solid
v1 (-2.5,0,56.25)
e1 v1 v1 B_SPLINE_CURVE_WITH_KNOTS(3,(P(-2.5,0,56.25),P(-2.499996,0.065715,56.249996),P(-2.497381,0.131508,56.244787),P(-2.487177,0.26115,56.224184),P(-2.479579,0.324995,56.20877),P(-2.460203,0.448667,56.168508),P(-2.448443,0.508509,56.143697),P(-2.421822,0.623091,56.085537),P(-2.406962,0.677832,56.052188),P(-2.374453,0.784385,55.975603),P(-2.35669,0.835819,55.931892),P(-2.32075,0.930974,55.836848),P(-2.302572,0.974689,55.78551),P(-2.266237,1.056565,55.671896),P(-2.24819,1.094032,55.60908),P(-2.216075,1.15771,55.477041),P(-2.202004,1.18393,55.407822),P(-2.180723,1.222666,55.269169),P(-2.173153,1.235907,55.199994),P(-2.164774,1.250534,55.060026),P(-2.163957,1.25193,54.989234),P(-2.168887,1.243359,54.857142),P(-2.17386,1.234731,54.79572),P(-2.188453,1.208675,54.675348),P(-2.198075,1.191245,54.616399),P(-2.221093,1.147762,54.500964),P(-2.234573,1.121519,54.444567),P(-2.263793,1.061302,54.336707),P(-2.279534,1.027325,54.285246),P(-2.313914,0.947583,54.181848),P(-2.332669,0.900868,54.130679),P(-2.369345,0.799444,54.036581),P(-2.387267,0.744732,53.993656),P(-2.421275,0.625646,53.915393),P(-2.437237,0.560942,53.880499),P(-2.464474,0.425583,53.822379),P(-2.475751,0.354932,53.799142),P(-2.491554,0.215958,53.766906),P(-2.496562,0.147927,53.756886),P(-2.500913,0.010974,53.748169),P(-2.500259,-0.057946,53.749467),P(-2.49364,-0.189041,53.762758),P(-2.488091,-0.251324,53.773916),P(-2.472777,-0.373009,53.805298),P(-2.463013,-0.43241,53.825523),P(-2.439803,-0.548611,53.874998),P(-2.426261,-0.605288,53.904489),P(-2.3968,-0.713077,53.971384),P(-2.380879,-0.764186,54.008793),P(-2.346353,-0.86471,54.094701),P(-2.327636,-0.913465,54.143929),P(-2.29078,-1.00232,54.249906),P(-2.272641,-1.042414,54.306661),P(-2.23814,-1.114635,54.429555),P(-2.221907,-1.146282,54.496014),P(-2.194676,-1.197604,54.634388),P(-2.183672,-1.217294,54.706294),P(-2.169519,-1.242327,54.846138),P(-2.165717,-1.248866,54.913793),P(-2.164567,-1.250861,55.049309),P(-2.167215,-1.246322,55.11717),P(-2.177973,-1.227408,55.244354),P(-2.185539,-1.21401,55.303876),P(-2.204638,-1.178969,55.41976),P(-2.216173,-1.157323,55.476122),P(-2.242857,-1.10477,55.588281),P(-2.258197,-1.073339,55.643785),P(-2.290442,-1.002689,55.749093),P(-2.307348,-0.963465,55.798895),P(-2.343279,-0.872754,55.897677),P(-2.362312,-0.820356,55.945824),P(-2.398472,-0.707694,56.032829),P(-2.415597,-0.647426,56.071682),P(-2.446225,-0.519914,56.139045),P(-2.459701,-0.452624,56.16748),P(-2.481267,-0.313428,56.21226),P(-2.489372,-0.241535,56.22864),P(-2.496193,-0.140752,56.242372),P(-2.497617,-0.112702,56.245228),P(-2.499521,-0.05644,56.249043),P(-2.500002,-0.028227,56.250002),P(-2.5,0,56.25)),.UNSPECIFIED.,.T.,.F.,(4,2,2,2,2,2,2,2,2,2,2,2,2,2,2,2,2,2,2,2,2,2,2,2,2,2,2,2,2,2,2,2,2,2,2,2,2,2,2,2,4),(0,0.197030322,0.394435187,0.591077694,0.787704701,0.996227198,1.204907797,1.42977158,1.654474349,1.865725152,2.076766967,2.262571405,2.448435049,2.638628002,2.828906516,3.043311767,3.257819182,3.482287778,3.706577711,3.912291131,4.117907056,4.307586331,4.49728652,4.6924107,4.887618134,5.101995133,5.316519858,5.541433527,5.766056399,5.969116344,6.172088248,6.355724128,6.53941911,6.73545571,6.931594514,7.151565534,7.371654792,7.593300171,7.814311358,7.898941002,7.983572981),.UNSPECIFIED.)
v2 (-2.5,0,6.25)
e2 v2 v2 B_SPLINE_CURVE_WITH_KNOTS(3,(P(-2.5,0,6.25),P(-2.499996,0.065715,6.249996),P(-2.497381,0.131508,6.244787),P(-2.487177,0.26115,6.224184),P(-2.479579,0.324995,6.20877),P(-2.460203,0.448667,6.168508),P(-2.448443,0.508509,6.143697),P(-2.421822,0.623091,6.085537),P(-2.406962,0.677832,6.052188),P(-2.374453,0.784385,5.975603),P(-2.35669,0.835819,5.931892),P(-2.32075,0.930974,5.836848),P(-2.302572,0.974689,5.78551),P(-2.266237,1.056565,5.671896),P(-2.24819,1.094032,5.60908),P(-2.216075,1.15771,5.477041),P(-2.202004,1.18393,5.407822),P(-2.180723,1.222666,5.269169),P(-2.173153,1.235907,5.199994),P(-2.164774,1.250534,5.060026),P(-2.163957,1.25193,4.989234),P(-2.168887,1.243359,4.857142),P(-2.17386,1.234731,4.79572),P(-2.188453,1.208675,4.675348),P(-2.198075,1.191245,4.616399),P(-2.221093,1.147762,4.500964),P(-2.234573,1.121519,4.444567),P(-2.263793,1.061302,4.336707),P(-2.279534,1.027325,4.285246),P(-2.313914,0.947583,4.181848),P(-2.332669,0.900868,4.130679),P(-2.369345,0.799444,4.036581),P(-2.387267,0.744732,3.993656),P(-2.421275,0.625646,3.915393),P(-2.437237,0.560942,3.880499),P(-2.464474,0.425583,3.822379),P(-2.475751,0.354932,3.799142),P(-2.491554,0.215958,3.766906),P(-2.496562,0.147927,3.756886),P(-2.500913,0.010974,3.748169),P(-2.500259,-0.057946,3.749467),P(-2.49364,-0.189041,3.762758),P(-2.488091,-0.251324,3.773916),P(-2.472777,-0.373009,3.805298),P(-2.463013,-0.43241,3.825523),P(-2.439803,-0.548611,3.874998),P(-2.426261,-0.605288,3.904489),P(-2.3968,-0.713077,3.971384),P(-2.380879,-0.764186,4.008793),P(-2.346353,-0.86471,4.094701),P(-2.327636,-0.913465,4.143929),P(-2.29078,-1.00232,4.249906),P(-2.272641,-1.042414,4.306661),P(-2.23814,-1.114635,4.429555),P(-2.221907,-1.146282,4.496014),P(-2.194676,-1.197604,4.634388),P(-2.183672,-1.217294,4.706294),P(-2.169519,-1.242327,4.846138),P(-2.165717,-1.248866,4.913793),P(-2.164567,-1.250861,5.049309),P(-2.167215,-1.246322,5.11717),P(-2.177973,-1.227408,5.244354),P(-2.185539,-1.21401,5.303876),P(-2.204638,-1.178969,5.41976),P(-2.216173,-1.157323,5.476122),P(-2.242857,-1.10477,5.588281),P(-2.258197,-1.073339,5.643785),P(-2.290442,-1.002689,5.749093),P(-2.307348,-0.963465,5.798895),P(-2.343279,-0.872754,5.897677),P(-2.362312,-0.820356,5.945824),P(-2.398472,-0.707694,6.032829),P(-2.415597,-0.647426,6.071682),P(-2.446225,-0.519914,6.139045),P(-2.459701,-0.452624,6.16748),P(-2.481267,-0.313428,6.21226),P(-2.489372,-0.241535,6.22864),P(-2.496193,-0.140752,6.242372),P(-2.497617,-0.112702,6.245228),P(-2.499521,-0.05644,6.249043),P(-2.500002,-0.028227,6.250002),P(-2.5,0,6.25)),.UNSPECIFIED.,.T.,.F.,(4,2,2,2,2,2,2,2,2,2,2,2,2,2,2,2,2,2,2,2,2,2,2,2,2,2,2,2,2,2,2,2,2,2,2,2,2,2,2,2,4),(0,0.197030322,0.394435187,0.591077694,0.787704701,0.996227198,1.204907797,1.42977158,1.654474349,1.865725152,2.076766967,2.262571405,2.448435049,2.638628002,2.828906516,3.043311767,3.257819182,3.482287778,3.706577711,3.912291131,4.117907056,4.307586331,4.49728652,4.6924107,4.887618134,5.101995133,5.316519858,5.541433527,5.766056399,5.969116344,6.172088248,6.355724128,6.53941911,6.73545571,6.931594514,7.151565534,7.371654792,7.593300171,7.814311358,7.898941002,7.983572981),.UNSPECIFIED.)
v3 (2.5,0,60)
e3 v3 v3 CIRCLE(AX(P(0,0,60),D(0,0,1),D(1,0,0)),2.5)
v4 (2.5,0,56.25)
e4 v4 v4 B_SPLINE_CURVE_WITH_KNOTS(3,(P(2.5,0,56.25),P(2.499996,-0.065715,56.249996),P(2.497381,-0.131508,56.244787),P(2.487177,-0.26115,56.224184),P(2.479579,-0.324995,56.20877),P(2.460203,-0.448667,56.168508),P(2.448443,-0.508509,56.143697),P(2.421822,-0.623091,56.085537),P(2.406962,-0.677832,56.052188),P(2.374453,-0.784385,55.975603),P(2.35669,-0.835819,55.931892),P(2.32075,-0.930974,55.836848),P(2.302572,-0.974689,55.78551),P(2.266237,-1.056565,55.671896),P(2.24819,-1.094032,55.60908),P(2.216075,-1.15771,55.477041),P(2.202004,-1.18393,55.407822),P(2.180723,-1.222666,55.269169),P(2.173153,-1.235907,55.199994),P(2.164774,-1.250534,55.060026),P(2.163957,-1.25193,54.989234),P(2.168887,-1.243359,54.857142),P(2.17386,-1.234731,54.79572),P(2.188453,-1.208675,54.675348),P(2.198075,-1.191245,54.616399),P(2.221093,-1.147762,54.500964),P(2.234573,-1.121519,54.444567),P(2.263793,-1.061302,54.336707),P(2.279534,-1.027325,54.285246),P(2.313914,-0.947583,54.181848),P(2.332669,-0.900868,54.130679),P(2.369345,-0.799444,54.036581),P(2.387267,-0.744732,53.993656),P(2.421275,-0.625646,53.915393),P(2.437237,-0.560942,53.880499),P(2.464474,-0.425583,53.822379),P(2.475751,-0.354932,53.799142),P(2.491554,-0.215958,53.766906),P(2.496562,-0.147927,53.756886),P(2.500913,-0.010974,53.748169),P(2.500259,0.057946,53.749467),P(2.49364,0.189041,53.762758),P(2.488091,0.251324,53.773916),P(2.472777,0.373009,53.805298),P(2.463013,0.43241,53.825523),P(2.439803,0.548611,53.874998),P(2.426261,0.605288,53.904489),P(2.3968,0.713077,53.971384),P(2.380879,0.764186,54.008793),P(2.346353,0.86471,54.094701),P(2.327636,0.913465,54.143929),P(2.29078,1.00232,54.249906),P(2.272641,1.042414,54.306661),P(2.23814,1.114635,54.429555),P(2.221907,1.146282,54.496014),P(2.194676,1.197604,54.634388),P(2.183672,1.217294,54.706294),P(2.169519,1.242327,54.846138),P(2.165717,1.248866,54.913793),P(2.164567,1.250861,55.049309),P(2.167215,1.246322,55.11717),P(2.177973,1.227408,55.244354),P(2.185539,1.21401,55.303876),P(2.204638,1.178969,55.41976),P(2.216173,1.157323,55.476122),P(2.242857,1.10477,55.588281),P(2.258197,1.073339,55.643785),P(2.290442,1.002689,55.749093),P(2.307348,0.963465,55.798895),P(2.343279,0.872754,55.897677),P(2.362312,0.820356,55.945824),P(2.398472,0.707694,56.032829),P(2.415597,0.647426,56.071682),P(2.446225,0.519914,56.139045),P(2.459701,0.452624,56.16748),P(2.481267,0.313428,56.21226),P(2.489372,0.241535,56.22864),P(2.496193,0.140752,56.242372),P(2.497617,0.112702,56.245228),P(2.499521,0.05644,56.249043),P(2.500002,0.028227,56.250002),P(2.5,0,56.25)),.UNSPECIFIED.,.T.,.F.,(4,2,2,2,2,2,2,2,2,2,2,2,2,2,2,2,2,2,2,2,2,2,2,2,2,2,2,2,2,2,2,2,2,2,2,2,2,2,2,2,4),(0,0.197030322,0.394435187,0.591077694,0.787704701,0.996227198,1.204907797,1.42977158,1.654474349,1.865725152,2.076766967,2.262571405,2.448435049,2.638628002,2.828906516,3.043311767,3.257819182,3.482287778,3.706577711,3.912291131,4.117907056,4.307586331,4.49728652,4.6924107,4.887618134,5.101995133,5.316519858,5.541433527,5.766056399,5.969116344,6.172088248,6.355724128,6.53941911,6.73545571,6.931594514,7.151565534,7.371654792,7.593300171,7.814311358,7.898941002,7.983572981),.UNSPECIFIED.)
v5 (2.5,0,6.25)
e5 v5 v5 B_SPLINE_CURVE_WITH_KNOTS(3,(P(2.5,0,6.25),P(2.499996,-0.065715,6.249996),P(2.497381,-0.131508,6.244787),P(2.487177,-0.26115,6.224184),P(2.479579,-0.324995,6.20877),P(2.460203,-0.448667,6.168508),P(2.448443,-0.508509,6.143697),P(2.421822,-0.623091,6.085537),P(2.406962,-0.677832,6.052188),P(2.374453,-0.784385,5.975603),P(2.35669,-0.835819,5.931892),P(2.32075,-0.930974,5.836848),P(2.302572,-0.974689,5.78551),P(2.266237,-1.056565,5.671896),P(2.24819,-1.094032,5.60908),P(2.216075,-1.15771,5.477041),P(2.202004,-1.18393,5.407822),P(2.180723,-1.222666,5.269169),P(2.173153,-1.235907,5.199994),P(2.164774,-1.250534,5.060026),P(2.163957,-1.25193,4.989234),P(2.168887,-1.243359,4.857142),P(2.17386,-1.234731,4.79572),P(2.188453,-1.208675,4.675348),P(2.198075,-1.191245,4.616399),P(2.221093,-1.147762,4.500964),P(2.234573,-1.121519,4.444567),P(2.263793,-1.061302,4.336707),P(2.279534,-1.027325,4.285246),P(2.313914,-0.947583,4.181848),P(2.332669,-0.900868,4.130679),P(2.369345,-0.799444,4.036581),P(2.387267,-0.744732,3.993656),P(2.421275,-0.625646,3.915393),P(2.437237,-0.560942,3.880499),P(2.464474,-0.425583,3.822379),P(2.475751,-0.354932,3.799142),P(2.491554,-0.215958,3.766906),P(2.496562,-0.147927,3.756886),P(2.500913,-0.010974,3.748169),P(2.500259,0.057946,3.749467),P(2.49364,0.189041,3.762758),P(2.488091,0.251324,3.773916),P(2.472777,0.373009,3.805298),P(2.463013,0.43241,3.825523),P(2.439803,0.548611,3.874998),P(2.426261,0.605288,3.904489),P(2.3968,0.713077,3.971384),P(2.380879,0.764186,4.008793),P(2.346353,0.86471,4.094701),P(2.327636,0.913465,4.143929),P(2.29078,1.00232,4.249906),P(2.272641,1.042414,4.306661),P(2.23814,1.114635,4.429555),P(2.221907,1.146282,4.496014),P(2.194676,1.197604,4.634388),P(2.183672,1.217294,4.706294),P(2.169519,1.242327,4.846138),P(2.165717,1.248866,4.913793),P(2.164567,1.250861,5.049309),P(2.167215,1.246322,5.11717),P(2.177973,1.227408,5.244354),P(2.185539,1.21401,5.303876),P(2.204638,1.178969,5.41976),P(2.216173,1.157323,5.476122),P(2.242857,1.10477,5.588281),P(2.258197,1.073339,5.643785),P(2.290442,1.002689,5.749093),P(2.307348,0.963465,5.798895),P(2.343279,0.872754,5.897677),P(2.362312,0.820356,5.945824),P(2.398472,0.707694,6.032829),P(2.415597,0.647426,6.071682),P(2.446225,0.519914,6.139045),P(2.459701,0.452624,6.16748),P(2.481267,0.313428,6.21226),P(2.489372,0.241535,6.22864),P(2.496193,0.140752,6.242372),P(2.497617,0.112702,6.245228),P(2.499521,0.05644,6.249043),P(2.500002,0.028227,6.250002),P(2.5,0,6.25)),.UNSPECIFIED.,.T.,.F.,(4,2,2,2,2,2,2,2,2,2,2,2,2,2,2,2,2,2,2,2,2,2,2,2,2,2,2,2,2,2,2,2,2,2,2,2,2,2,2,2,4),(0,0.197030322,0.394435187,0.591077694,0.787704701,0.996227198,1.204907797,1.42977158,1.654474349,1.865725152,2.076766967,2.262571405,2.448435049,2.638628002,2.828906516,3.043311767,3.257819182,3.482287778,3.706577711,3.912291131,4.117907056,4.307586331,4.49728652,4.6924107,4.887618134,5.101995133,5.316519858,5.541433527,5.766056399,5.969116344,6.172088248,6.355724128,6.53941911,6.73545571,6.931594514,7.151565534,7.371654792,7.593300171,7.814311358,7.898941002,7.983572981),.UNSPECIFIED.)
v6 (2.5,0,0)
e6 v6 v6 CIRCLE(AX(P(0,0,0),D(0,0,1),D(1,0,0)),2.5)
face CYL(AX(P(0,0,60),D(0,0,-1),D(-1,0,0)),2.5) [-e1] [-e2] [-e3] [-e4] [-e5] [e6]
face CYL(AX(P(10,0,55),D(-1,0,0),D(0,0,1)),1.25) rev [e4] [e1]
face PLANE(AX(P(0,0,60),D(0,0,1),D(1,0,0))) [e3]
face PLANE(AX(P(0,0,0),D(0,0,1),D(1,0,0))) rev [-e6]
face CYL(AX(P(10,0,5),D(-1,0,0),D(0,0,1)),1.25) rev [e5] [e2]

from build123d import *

# Parameters (mm, degrees)
ESQUISSE1_R             = 2.5
BOSS_EXTRU_1_DEPTH      = 60
CUT_EXTRUDE1_DEPTH      = 10
CUT_EXTRUDE1_DEPTH_BACK = 10
SKETCH1_R               = 1.25


with BuildPart() as part:
    # Esquisse1 → Boss.-Extru.1 (new body)
    with BuildSketch(Plane.XY):
        Circle(ESQUISSE1_R)
    extrude(amount=BOSS_EXTRU_1_DEPTH)

    # Sketch1 → Cut-Extrude1 (cut, two sides: drawn at the far end of the back side and taken through both)
    with BuildSketch(Plane(origin=(0, 0, 0), x_dir=(0, 0, -1), z_dir=(1, 0, 0)).offset(-CUT_EXTRUDE1_DEPTH_BACK)):
        with Locations((-55, 0)):
            Circle(SKETCH1_R)
        with Locations((-5, 0)):
            Circle(SKETCH1_R)
    extrude(amount=CUT_EXTRUDE1_DEPTH + CUT_EXTRUDE1_DEPTH_BACK, mode=Mode.SUBTRACT)


solid = part.part
